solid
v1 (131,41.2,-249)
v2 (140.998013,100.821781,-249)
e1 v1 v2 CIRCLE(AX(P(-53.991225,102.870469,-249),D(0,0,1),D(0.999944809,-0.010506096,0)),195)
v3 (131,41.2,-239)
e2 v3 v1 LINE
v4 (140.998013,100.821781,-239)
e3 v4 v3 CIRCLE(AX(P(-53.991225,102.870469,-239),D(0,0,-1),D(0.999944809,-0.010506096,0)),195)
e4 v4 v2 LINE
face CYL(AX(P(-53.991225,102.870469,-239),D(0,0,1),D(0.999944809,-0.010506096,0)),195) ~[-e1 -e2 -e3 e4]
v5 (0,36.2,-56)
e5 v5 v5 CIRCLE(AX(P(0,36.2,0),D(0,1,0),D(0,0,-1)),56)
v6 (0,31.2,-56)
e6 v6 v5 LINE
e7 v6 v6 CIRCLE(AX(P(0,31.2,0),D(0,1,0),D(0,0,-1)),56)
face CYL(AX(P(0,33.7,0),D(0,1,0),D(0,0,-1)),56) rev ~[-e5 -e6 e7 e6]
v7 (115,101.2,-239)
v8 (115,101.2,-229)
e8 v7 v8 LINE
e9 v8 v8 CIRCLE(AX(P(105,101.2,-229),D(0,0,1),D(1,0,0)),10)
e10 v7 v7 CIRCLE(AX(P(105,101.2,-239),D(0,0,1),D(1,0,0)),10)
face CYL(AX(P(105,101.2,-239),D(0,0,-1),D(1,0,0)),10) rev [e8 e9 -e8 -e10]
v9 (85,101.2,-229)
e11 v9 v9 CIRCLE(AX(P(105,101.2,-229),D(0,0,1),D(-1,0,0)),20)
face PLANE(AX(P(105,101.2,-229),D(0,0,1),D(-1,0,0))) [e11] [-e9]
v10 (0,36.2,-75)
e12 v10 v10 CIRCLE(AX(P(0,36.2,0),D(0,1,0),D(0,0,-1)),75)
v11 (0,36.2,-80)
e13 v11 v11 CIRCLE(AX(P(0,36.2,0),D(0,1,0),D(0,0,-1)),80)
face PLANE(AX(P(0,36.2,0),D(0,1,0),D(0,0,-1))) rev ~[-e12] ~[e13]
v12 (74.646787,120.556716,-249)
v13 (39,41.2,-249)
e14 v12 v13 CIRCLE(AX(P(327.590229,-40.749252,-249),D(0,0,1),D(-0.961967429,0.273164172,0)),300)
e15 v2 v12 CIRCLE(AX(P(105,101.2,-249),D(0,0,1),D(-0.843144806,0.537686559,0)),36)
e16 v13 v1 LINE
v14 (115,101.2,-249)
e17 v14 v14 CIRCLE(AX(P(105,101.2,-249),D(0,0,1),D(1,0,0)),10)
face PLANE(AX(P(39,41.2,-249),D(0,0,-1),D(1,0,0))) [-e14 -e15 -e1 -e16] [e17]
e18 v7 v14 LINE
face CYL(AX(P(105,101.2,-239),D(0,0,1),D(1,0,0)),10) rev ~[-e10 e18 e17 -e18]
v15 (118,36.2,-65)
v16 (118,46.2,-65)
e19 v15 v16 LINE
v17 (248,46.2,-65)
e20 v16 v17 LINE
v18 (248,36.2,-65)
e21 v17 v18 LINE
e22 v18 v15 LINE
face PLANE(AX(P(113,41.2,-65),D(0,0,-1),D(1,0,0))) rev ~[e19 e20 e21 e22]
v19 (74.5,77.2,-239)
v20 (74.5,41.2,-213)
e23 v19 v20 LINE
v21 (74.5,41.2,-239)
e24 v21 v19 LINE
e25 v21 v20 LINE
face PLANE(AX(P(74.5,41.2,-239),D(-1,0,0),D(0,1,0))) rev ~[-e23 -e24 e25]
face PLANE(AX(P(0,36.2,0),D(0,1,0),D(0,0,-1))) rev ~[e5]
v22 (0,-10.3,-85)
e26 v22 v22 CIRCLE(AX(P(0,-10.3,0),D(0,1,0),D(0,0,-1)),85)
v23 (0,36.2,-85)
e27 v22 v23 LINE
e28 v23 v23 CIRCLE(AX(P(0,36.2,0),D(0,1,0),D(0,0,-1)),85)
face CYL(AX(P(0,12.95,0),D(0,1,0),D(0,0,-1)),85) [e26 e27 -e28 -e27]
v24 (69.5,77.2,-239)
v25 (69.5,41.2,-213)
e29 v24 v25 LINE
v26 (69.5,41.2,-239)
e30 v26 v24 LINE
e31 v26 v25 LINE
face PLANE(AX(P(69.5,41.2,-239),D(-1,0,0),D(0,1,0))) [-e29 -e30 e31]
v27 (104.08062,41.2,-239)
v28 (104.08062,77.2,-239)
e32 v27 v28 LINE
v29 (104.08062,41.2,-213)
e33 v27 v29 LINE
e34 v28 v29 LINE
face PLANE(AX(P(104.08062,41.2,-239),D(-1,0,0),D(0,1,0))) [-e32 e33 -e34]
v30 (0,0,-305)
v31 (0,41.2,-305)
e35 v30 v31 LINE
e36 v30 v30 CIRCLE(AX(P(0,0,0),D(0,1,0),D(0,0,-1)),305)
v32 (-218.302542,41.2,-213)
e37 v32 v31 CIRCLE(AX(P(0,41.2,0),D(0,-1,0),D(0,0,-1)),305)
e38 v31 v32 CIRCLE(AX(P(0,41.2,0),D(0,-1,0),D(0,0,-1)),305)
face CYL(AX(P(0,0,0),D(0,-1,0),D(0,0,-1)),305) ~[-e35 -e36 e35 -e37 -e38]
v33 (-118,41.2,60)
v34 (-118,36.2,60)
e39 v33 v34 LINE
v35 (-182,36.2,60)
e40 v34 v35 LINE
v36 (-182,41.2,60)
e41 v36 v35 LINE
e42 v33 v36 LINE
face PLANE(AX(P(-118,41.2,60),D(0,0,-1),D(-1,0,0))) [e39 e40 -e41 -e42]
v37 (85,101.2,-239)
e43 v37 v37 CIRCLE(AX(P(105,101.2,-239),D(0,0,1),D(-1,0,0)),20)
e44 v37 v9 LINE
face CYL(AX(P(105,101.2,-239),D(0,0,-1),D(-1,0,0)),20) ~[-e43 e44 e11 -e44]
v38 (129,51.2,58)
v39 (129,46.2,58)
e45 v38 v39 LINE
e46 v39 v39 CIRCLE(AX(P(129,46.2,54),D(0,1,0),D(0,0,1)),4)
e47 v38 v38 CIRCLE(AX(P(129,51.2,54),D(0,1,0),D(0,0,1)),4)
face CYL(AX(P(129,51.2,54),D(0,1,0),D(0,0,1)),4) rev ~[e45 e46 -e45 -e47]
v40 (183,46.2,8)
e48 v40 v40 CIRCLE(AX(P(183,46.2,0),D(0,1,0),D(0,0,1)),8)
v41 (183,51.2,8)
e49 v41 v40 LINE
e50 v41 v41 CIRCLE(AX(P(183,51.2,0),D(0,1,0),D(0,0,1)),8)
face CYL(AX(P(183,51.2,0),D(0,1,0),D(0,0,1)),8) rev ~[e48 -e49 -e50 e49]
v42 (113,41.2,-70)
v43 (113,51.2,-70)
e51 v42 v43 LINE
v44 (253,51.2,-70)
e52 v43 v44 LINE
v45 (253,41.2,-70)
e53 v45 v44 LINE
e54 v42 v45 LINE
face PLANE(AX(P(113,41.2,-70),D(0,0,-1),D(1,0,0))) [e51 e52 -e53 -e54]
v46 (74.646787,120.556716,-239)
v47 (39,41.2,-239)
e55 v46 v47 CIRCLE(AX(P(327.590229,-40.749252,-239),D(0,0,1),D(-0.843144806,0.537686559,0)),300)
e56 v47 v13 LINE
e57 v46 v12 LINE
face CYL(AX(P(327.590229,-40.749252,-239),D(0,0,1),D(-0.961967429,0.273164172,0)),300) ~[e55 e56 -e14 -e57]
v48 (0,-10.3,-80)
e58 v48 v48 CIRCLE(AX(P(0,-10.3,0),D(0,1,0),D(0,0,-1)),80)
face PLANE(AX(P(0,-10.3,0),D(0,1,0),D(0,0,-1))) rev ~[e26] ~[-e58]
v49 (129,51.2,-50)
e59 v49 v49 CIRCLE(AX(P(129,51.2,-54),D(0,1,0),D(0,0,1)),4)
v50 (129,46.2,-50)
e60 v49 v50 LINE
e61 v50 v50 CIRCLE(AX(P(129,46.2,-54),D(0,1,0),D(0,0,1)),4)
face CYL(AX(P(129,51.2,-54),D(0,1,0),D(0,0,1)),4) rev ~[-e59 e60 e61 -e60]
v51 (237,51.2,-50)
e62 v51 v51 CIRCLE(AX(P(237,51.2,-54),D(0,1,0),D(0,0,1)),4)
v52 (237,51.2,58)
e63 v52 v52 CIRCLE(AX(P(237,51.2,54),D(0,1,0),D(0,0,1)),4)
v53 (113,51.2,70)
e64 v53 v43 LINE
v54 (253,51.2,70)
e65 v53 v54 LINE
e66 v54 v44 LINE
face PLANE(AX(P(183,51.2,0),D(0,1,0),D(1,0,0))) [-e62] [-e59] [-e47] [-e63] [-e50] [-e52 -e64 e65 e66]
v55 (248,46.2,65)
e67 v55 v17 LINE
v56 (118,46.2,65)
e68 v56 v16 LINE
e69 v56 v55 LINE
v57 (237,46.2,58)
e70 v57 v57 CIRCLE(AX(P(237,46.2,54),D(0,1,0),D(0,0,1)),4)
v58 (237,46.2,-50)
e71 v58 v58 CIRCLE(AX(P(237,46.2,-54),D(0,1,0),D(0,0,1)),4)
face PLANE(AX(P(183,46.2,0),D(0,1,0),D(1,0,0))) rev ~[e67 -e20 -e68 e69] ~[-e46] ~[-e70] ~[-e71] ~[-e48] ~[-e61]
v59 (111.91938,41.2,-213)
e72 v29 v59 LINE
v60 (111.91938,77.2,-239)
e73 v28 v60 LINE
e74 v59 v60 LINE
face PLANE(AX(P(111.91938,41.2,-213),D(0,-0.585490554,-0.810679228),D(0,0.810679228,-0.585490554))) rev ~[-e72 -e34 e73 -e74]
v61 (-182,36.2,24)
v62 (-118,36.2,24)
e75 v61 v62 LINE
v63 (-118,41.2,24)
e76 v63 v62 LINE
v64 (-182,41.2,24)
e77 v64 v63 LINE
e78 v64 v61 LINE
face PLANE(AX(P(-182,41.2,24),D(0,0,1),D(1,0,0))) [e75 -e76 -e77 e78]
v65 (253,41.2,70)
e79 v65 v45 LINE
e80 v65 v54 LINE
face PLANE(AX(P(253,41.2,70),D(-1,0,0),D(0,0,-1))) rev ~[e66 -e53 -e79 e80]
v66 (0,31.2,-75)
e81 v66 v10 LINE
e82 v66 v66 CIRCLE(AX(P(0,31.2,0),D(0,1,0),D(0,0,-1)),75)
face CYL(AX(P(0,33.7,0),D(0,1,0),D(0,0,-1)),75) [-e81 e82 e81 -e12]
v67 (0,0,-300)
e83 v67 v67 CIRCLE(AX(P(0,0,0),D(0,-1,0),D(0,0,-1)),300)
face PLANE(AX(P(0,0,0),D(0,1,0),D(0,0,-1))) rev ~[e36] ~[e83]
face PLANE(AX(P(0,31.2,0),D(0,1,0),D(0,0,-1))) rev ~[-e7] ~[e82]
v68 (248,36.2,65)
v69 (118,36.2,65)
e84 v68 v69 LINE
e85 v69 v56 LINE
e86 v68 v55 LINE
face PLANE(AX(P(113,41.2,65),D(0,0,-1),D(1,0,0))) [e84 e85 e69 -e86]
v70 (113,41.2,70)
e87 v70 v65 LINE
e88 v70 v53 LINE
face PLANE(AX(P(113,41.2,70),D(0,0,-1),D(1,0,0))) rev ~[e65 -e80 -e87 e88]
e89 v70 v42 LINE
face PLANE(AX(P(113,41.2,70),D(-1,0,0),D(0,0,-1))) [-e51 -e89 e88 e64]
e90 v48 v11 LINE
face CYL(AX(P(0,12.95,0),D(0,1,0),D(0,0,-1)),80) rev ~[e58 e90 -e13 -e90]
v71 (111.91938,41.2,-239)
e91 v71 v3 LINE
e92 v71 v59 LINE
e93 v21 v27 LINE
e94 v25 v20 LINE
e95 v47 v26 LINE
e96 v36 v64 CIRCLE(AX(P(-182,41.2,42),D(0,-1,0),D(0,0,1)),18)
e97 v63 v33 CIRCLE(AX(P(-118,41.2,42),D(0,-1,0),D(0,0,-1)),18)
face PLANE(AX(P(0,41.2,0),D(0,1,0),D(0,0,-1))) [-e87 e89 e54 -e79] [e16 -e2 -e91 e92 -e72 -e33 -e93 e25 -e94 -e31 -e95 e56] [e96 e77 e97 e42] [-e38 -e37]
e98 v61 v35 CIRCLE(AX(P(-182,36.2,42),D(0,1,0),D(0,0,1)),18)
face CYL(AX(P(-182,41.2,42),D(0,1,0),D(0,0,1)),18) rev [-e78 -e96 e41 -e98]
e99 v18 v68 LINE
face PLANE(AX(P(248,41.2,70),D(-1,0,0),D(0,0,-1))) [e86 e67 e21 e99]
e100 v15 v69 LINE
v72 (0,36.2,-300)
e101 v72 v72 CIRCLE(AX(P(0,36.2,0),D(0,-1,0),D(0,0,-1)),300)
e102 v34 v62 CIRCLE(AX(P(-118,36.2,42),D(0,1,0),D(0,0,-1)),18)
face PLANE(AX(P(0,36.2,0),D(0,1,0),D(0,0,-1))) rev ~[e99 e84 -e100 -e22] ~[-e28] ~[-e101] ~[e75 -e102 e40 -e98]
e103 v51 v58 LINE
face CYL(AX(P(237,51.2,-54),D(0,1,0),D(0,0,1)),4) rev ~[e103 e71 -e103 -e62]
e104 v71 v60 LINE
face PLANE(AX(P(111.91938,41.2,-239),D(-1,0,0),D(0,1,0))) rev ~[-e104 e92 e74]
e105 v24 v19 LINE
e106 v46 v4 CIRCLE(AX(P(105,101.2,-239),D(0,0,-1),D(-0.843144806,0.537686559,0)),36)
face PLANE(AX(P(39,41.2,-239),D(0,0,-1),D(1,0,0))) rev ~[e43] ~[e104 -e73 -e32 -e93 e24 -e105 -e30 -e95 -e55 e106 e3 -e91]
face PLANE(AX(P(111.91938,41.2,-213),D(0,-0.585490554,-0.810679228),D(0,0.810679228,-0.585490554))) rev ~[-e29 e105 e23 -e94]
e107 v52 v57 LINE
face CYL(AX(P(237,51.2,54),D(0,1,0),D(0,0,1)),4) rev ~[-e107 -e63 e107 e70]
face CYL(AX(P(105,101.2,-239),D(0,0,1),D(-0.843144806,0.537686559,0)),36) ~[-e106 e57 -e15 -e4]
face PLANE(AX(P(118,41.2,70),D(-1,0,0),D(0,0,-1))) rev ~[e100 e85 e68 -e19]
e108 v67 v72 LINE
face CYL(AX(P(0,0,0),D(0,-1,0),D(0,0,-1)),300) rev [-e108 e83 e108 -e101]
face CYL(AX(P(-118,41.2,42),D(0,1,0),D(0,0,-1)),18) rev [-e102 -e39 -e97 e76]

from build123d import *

# Parameters (mm, degrees)
SKETCH_1_R          = 305
EXTRUDE_1_DEPTH     = 41.2
SKETCH_2_W          = 140
SKETCH_2_H          = 140
EXTRUDE_2_DEPTH     = 10
SHELL_1_T           = -5
CUT_EXTRUDE_1_DEPTH = 434.298326791
SKETCH_4_W          = 120
SKETCH_4_H          = 10
EXTRUDE_3_DEPTH     = 150
CUT_EXTRUDE_3_DEPTH = 150
SKETCH_6_R          = 10
CUT_EXTRUDE_4_DEPTH = 150
SKETCH_7_R          = 20
SKETCH_7_R_2        = 10
EXTRUDE_4_DEPTH     = 10
SKETCH_8_W          = 5
SKETCH_8_H          = 36
SKETCH_8_W_2        = 7.838760884
EXTRUDE_5_DEPTH     = 26
CUT_EXTRUDE_5_DEPTH = 535.481627176
SKETCH_11_W         = 19
SKETCH_11_H         = 5
SKETCH_11_W_2       = 5
SKETCH_11_H_2       = 46.5
SKETCH_18_R         = 4
SKETCH_18_R_2       = 8
CUT_EXTRUDE_9_DEPTH = 440.824965185


with BuildPart() as part:
    # 草图1 → 凸台-拉伸1 (new body)
    with BuildSketch(Plane(origin=(0, 0, 0), x_dir=(1, 0, 0), z_dir=(0, 1, 0))):
        with Locations(Location((0, 0, 0), (0, 0, 90))):
            Circle(SKETCH_1_R)
    extrude(amount=EXTRUDE_1_DEPTH)

    # 草图2 → 凸台-拉伸2 (add)
    with BuildSketch(Plane(origin=(0, 41.2, 0), x_dir=(1, 0, 0), z_dir=(0, 1, 0))):
        with Locations((183, 0)):
            Rectangle(SKETCH_2_W, SKETCH_2_H)
    extrude(amount=EXTRUDE_2_DEPTH)

    # 抽壳1
    shell_1_openings = [part.faces().sort_by_distance(p)[0] for p in [
        (0, 0, 0),
    ]]
    offset(amount=SHELL_1_T, openings=shell_1_openings, kind=Kind.INTERSECTION)

    # 草图3 → 切除-拉伸1 (cut, through all)
    with BuildSketch(Plane(origin=(0, 41.2, 0), x_dir=(1, 0, 0), z_dir=(0, 1, 0))):
        with BuildLine():
            Line((-182, -24), (-118, -24))
            ThreePointArc((-118, -24), (-100, -42), (-118, -60))
            Line((-118, -60), (-182, -60))
            ThreePointArc((-182, -60), (-200, -42), (-182, -24))
        make_face()
    extrude(amount=-CUT_EXTRUDE_1_DEPTH, mode=Mode.SUBTRACT)

    # 草图4 → 凸台-拉伸3 (add)
    with BuildSketch(Plane(origin=(0, 41.2, 0), x_dir=(1, 0, 0), z_dir=(0, 1, 0))):
        with Locations((99, 244)):
            Rectangle(SKETCH_4_W, SKETCH_4_H)
    extrude(amount=EXTRUDE_3_DEPTH)

    # 草图5 → 切除-拉伸3 (cut)
    with BuildSketch(Plane.XY.offset(-239)):
        with BuildLine():
            Line((39, 191.2), (39, 41.2))
            ThreePointArc((39, 41.2), (53.931588882, 82.177347592), (74.646786984, 120.556716136))
            ThreePointArc((74.646786984, 120.556716136), (115.26317996, 135.706044936), (140.99801314, 100.821780537))
            ThreePointArc((140.99801314, 100.821780537), (138.32356193, 70.621084147), (131, 41.2))
            Line((131, 41.2), (159, 41.2))
            Line((159, 41.2), (159, 191.2))
            Line((159, 191.2), (39, 191.2))
        make_face()
    extrude(amount=-CUT_EXTRUDE_3_DEPTH, mode=Mode.SUBTRACT)

    # 草图6 → 切除-拉伸4 (cut)
    with BuildSketch(Plane.XY.offset(-239)):
        with Locations((105, 101.2)):
            Circle(SKETCH_6_R)
    extrude(amount=-CUT_EXTRUDE_4_DEPTH, mode=Mode.SUBTRACT)

    # 草图7 → 凸台-拉伸4 (add)
    with BuildSketch(Plane.XY.offset(-239)):
        with Locations(Location((105, 101.2, 0), (0, 0, 180))):
            Circle(SKETCH_7_R)
        with Locations((105, 101.2)):
            Circle(SKETCH_7_R_2, mode=Mode.SUBTRACT)
    extrude(amount=EXTRUDE_4_DEPTH)

    # 草图8 → 凸台-拉伸5 (add)
    with BuildSketch(Plane.XY.offset(-239)):
        with Locations((72, 59.2)):
            Rectangle(SKETCH_8_W, SKETCH_8_H)
        with Locations((108, 59.2)):
            Rectangle(SKETCH_8_W_2, SKETCH_8_H)
    extrude(amount=EXTRUDE_5_DEPTH)

    # 草图10 → 切除-拉伸5 (cut, through all)
    with BuildSketch(Plane(origin=(111.919380442, 0, 0), x_dir=(0, 0, -1), z_dir=(1, 0, 0))):
        Polygon((213, 41.2), (239, 77.2), (213, 77.2), align=None)
    extrude(amount=-CUT_EXTRUDE_5_DEPTH, mode=Mode.SUBTRACT)

    # 草图11 → 旋转1 (revolve)
    with BuildSketch(Plane.XY, mode=Mode.PRIVATE) as revolve_1_sk:
        with Locations((-65.5, 33.7)):
            Rectangle(SKETCH_11_W, SKETCH_11_H)
        with Locations((-82.5, 12.95)):
            Rectangle(SKETCH_11_W_2, SKETCH_11_H_2)
    revolve(revolve_1_sk.sketch.rotate(Axis((0, 0, 0), (0, 1, 0)), 270), axis=Axis((0, 0, 0), (0, 1, 0)))

    # 草图18 → 切除-拉伸9 (cut, through all)
    with BuildSketch(Plane(origin=(0, 51.2, 0), x_dir=(1, 0, 0), z_dir=(0, 1, 0))):
        with Locations(Location((237, 54, 0), (0, 0, 270))):
            Circle(SKETCH_18_R)
        with Locations(Location((237, -54, 0), (0, 0, 270))):
            Circle(SKETCH_18_R)
        with Locations(Location((129, -54, 0), (0, 0, 270))):
            Circle(SKETCH_18_R)
        with Locations(Location((129, 54, 0), (0, 0, 270))):
            Circle(SKETCH_18_R)
        with Locations(Location((183, 0, 0), (0, 0, 270))):
            Circle(SKETCH_18_R_2)
    extrude(amount=-CUT_EXTRUDE_9_DEPTH, mode=Mode.SUBTRACT)


solid = part.part
